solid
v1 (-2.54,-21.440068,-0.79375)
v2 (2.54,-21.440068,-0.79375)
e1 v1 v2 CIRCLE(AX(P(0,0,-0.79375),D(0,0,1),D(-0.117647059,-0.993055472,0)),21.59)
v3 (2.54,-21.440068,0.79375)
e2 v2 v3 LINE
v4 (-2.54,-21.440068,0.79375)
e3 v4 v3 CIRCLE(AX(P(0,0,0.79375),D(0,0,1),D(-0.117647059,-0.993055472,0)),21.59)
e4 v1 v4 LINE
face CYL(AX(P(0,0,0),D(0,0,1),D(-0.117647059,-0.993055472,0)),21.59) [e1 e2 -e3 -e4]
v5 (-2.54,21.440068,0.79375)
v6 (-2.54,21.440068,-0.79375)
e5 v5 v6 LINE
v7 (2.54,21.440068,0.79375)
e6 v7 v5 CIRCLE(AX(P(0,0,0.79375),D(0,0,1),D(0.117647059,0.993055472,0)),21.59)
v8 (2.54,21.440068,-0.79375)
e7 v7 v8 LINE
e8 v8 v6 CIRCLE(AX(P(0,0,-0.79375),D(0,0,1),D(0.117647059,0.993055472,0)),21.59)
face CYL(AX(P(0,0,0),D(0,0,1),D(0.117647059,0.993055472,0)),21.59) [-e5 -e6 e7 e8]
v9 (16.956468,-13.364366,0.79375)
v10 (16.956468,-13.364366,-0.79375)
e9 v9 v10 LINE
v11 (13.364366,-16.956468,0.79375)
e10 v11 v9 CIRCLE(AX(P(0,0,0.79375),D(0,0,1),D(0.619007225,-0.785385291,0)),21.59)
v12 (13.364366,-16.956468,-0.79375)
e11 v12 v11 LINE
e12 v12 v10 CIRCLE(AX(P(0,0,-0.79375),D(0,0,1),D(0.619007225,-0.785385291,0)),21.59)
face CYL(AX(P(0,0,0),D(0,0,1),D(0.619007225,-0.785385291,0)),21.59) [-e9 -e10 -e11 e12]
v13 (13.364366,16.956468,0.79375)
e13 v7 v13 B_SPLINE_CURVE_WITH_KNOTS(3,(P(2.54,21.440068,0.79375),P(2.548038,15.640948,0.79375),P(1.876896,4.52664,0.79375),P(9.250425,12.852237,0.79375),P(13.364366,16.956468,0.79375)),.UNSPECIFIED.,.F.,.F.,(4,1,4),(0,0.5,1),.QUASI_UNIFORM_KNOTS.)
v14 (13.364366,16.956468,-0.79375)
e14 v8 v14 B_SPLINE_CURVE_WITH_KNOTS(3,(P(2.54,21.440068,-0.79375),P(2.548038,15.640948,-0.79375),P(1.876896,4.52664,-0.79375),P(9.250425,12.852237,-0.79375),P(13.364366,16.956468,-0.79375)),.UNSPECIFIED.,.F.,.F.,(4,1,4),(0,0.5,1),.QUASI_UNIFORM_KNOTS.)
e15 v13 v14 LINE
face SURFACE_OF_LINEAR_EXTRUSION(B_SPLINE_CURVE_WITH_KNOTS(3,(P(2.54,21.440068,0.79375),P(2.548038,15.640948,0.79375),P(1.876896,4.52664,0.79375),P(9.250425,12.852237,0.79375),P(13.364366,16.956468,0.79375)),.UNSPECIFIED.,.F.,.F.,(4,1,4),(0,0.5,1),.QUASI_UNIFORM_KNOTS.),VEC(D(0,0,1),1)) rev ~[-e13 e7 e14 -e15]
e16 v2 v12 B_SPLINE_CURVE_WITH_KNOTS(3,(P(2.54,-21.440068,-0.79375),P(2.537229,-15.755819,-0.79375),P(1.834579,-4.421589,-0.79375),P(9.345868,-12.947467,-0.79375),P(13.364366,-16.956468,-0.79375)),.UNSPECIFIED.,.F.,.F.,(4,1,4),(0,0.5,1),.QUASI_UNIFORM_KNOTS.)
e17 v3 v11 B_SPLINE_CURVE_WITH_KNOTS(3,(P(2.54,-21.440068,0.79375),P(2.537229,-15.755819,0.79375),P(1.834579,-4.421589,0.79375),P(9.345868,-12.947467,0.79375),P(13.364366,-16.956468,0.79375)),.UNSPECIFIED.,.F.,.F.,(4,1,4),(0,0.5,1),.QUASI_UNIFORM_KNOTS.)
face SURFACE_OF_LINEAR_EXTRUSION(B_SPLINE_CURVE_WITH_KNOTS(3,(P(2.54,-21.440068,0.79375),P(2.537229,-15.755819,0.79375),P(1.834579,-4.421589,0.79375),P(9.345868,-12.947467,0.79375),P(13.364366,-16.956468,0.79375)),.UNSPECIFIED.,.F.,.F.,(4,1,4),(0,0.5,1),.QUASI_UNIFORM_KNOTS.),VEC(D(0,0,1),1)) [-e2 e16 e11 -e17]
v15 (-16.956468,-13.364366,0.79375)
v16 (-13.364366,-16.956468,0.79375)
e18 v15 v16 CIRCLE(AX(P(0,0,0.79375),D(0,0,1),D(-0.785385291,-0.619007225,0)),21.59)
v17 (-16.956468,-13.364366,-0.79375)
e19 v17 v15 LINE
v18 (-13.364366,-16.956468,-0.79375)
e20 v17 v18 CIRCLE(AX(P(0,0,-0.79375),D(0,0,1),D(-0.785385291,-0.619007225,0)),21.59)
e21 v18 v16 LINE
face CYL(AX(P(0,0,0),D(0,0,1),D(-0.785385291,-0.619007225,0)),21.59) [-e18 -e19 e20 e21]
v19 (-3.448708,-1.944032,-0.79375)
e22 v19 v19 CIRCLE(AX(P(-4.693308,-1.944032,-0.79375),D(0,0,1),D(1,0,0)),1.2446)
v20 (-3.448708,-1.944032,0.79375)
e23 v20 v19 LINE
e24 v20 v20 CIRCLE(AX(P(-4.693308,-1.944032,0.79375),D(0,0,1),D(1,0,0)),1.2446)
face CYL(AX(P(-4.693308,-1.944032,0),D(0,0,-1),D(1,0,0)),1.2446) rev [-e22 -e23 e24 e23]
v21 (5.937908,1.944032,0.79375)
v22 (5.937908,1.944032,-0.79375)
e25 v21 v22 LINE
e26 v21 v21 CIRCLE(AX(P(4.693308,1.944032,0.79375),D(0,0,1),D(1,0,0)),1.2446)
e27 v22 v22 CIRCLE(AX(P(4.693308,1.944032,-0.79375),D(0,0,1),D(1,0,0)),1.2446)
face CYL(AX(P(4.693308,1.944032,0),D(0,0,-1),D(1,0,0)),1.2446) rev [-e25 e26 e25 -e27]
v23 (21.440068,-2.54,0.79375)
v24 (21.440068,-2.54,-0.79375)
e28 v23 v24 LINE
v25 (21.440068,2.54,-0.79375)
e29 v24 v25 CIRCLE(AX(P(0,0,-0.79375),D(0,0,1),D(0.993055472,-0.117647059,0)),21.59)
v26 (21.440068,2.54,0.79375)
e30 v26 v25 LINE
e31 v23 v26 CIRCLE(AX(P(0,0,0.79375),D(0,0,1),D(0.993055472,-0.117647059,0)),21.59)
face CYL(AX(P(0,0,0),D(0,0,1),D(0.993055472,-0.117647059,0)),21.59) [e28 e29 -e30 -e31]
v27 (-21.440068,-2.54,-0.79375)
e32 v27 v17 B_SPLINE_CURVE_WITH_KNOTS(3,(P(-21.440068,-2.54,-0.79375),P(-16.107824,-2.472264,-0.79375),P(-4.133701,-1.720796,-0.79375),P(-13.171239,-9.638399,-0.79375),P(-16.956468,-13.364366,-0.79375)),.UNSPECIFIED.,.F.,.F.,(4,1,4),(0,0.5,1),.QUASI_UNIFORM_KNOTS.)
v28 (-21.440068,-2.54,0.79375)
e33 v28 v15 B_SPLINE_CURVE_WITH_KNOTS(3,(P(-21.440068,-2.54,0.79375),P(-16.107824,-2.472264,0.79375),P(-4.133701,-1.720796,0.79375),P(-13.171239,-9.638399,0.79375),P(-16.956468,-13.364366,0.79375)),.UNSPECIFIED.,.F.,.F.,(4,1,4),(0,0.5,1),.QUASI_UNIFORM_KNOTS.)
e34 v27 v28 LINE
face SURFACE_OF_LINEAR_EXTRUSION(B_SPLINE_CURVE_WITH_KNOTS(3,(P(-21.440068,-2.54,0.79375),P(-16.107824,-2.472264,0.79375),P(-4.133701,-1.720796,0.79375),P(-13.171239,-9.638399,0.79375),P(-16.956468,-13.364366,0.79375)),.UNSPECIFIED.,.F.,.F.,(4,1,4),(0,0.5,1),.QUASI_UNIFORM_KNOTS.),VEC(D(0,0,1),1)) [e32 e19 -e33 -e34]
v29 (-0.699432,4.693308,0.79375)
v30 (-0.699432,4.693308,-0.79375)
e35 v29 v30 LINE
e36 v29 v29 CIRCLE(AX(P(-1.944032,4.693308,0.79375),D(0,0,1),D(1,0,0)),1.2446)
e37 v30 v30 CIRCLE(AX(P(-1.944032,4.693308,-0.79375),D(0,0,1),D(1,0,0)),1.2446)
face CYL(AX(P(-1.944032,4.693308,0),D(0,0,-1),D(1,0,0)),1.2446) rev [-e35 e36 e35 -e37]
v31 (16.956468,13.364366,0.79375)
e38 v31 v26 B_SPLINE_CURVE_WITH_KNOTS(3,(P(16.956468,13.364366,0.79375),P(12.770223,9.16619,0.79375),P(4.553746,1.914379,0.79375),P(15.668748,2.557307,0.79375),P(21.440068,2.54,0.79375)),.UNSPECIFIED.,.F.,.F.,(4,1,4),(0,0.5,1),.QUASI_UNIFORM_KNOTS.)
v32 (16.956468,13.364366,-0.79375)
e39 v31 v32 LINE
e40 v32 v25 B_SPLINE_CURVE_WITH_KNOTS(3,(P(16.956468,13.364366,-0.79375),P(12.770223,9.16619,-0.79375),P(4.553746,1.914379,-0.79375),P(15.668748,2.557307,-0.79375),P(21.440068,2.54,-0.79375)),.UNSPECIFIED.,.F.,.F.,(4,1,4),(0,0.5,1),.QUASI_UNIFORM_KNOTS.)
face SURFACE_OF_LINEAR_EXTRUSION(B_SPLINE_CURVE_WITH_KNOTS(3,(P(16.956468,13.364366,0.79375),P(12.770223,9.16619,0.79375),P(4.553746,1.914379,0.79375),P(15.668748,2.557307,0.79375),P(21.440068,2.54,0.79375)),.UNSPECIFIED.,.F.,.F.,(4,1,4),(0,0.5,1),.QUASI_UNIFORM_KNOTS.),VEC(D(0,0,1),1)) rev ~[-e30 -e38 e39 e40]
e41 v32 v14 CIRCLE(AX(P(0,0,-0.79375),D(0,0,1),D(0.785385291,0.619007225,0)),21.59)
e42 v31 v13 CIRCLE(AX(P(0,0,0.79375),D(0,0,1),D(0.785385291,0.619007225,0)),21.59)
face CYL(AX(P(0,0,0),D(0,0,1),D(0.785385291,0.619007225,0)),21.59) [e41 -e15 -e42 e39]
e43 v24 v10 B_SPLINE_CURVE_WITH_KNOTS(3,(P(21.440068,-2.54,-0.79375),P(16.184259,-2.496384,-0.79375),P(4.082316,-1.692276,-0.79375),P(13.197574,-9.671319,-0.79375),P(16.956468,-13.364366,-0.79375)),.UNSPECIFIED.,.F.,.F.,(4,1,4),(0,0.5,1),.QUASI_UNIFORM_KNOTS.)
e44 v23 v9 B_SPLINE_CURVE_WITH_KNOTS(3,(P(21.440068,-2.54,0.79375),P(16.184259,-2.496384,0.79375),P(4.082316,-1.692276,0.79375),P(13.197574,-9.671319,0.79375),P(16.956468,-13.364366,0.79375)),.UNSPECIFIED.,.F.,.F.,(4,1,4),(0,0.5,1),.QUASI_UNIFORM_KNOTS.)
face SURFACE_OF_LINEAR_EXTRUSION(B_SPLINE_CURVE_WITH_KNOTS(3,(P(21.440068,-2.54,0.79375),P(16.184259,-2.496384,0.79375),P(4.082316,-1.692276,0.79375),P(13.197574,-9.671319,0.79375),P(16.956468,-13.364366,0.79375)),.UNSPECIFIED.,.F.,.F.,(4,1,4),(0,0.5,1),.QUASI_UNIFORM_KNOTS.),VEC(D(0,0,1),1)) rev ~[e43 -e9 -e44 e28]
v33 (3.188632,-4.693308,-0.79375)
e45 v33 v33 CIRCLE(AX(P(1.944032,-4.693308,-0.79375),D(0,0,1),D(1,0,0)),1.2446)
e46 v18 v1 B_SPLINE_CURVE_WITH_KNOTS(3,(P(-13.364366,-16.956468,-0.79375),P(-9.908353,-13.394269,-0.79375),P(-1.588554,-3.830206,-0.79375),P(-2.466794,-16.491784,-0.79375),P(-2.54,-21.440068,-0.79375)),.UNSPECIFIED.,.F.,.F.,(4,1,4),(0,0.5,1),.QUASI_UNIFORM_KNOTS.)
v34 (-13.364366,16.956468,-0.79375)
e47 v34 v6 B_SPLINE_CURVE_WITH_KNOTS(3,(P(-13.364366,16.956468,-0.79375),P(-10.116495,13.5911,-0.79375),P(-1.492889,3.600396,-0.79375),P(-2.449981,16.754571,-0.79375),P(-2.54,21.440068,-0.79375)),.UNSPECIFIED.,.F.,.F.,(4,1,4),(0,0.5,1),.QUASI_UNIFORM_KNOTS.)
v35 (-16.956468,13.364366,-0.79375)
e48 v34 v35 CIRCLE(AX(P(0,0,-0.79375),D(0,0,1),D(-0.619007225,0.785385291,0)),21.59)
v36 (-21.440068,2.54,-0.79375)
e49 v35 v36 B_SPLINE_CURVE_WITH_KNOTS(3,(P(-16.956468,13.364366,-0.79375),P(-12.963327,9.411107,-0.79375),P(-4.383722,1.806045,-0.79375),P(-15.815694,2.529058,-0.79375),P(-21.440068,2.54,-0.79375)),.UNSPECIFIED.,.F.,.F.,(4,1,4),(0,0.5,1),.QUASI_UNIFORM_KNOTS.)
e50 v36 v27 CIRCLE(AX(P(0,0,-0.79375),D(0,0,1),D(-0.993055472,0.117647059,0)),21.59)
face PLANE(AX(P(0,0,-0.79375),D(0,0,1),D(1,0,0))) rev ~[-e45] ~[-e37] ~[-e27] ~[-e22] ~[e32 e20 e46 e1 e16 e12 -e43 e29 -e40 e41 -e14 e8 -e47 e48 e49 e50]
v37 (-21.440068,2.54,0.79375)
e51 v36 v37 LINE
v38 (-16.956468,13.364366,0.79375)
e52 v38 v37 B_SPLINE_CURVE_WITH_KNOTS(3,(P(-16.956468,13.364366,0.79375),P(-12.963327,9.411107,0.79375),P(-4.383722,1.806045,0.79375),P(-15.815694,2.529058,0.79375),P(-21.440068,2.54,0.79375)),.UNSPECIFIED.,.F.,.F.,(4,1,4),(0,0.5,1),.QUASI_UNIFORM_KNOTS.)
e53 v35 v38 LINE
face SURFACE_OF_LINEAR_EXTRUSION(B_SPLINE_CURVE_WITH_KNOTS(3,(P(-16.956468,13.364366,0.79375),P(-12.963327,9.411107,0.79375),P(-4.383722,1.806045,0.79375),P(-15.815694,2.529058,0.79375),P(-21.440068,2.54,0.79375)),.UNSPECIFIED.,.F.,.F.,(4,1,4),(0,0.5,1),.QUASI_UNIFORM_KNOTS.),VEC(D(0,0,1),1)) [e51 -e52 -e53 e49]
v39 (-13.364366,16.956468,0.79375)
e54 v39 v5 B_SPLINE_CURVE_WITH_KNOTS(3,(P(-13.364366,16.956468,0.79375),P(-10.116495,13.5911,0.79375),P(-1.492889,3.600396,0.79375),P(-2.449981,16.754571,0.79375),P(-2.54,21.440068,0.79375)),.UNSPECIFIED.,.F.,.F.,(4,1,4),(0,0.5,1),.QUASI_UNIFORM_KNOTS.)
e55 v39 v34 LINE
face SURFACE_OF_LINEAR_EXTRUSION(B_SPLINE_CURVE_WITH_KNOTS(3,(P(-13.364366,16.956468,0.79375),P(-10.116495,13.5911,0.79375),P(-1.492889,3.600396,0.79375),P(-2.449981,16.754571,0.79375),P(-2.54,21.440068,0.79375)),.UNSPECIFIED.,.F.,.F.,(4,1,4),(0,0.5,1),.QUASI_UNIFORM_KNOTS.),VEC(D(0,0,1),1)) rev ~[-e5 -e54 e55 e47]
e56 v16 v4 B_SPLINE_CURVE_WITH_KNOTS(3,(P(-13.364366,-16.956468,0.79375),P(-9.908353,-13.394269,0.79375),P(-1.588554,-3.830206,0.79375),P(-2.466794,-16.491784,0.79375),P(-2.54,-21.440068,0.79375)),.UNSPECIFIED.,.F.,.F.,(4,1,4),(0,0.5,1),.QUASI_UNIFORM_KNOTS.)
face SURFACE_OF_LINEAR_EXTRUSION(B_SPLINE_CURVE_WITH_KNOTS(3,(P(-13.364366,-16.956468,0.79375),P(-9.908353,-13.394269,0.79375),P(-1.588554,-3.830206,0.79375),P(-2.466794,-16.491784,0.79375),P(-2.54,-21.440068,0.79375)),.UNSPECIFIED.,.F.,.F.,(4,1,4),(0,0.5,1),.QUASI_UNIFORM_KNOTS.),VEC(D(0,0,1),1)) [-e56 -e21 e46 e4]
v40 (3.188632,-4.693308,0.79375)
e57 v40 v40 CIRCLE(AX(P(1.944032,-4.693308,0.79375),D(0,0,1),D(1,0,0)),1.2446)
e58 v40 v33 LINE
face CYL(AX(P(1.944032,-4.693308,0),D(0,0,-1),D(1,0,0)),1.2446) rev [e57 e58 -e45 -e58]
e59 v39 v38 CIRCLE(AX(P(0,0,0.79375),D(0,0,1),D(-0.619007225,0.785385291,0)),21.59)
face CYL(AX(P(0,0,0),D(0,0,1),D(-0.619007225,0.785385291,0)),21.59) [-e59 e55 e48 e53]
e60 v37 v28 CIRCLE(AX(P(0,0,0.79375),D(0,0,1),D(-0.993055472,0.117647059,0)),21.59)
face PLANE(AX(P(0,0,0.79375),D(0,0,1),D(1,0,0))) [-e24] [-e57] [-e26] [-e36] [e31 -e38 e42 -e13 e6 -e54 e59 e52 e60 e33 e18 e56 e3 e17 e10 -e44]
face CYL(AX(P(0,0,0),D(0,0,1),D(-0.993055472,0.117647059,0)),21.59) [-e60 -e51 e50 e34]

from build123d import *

# Parameters (mm, degrees)
F0_R     = 1.2446
F1_DEPTH = 0.79375
F6_DEPTH = 1.5875


with BuildPart() as f1:
    # F0 (on Top) → F1 (new body, symmetric)
    with BuildSketch(Plane.XY):
        with BuildLine():
            ThreePointArc((-13.3643659864, 16.9564684348), (-15.2664354058, 15.2664354058), (-16.9564684348, 13.3643659864))
            ThreePointArc((-16.9564684348, 13.3643659864), (-16.6604544533, 6.9009861898), (-21.4400676305, 2.54))
            ThreePointArc((-21.4400676305, 2.54), (-21.59, 0), (-21.4400676305, -2.54))
            ThreePointArc((-21.4400676305, -2.54), (-16.6604544533, -6.9009861898), (-16.9564684348, -13.3643659864))
            ThreePointArc((-16.9564684348, -13.3643659864), (-15.2664354058, -15.2664354058), (-13.3643659864, -16.9564684348))
            ThreePointArc((-13.3643659864, -16.9564684348), (-6.9009861898, -16.6604544533), (-2.54, -21.4400676305))
            ThreePointArc((-2.54, -21.4400676305), (0, -21.59), (2.54, -21.4400676305))
            ThreePointArc((2.54, -21.4400676305), (6.9009861898, -16.6604544533), (13.3643659864, -16.9564684348))
            ThreePointArc((13.3643659864, -16.9564684348), (15.2664354058, -15.2664354058), (16.9564684348, -13.3643659864))
            ThreePointArc((16.9564684348, -13.3643659864), (16.6604544533, -6.9009861898), (21.4400676305, -2.54))
            ThreePointArc((21.4400676305, -2.54), (21.59, 0), (21.4400676305, 2.54))
            ThreePointArc((21.4400676305, 2.54), (16.6604544533, 6.9009861898), (16.9564684348, 13.3643659864))
            ThreePointArc((16.9564684348, 13.3643659864), (15.2664354058, 15.2664354058), (13.3643659864, 16.9564684348))
            ThreePointArc((13.3643659864, 16.9564684348), (6.9009861898, 16.6604544533), (2.54, 21.4400676305))
            ThreePointArc((2.54, 21.4400676305), (0, 21.59), (-2.54, 21.4400676305))
            ThreePointArc((-2.54, 21.4400676305), (-6.9009861898, 16.6604544533), (-13.3643659864, 16.9564684348))
        make_face()
        with Locations((-4.6933080252, -1.9440318364)):
            Circle(F0_R, mode=Mode.SUBTRACT)
        with Locations((1.9440318364, -4.6933080252)):
            Circle(F0_R, mode=Mode.SUBTRACT)
        with Locations((-1.9440318364, 4.6933080252)):
            Circle(F0_R, mode=Mode.SUBTRACT)
        with Locations((4.6933080252, 1.9440318364)):
            Circle(F0_R, mode=Mode.SUBTRACT)
    extrude(amount=F1_DEPTH, both=True)

    # F5 (on face) → F6 (cut, through all)
    with BuildSketch(Plane.XY.offset(0.79375)):
        with BuildLine():
            ThreePointArc((21.4400676305, 2.54), (16.6604544533, 6.9009861898), (16.9564684348, 13.3643659864))
            add(Edge.make_bspline(
                [(16.9564684348, 13.3643659864), (12.7702234313, 9.1661904007), (4.5537464117, 1.9143787537), (15.6687479466, 2.5573067833), (21.4400676305, 2.54)],
                knots=[0, 0, 0, 0, 0.5, 1, 1, 1, 1], degree=3))
        make_face()
        with BuildLine():
            ThreePointArc((2.54, -21.4400676305), (6.9009861898, -16.6604544533), (13.3643659864, -16.9564684348))
            add(Edge.make_bspline(
                [(2.54, -21.4400676305), (2.5372293312, -15.7558191568), (1.8345788445, -4.4215889444), (9.3458676711, -12.9474671558), (13.3643659864, -16.9564684348)],
                knots=[0, 0, 0, 0, 0.5, 1, 1, 1, 1], degree=3))
        make_face()
        with BuildLine():
            ThreePointArc((16.9564684348, -13.3643659864), (16.6604544533, -6.9009861898), (21.4400676305, -2.54))
            add(Edge.make_bspline(
                [(21.4400676305, -2.54), (16.1842592061, -2.4963843171), (4.082315581, -1.6922755491), (13.1975738332, -9.6713192761), (16.9564684348, -13.3643659864)],
                knots=[0, 0, 0, 0, 0.5, 1, 1, 1, 1], degree=3))
        make_face()
        with BuildLine():
            ThreePointArc((-13.3643659864, -16.9564684348), (-6.9009861898, -16.6604544533), (-2.54, -21.4400676305))
            add(Edge.make_bspline(
                [(-13.3643659864, -16.9564684348), (-9.9083529785, -13.3942691609), (-1.5885540375, -3.8302056287), (-2.4667936377, -16.4917837828), (-2.54, -21.4400676305)],
                knots=[0, 0, 0, 0, 0.5, 1, 1, 1, 1], degree=3))
        make_face()
        with BuildLine():
            add(Edge.make_bspline(
                [(2.54, 21.4400676305), (2.5480384938, 15.6409479678), (1.8768956976, 4.5266398025), (9.2504248023, 12.8522366285), (13.3643659864, 16.9564684348)],
                knots=[0, 0, 0, 0, 0.5, 1, 1, 1, 1], degree=3))
            ThreePointArc((13.3643659864, 16.9564684348), (6.9009861898, 16.6604544533), (2.54, 21.4400676305))
        make_face()
        with BuildLine():
            add(Edge.make_bspline(
                [(-13.3643659864, 16.9564684348), (-10.1164951921, 13.5911004618), (-1.4928890483, 3.6003961955), (-2.4499814026, 16.7545713484), (-2.54, 21.4400676305)],
                knots=[0, 0, 0, 0, 0.5, 1, 1, 1, 1], degree=3))
            ThreePointArc((-2.54, 21.4400676305), (-6.9009861898, 16.6604544533), (-13.3643659864, 16.9564684348))
        make_face()
        with BuildLine():
            add(Edge.make_bspline(
                [(-16.9564684348, 13.3643659864), (-12.9633266479, 9.4111068174), (-4.3837218341, 1.8060450999), (-15.8156938851, 2.5290576741), (-21.4400676305, 2.54)],
                knots=[0, 0, 0, 0, 0.5, 1, 1, 1, 1], degree=3))
            ThreePointArc((-16.9564684348, 13.3643659864), (-16.6604544533, 6.9009861898), (-21.4400676305, 2.54))
        make_face()
        with BuildLine():
            add(Edge.make_bspline(
                [(-21.4400676305, -2.54), (-16.1078236997, -2.4722644594), (-4.1337008384, -1.7207956731), (-13.1712388247, -9.6383988857), (-16.9564684348, -13.3643659864)],
                knots=[0, 0, 0, 0, 0.5, 1, 1, 1, 1], degree=3))
            ThreePointArc((-21.4400676305, -2.54), (-16.6604544533, -6.9009861898), (-16.9564684348, -13.3643659864))
        make_face()
    extrude(amount=-F6_DEPTH, mode=Mode.SUBTRACT)


solid = f1.part
